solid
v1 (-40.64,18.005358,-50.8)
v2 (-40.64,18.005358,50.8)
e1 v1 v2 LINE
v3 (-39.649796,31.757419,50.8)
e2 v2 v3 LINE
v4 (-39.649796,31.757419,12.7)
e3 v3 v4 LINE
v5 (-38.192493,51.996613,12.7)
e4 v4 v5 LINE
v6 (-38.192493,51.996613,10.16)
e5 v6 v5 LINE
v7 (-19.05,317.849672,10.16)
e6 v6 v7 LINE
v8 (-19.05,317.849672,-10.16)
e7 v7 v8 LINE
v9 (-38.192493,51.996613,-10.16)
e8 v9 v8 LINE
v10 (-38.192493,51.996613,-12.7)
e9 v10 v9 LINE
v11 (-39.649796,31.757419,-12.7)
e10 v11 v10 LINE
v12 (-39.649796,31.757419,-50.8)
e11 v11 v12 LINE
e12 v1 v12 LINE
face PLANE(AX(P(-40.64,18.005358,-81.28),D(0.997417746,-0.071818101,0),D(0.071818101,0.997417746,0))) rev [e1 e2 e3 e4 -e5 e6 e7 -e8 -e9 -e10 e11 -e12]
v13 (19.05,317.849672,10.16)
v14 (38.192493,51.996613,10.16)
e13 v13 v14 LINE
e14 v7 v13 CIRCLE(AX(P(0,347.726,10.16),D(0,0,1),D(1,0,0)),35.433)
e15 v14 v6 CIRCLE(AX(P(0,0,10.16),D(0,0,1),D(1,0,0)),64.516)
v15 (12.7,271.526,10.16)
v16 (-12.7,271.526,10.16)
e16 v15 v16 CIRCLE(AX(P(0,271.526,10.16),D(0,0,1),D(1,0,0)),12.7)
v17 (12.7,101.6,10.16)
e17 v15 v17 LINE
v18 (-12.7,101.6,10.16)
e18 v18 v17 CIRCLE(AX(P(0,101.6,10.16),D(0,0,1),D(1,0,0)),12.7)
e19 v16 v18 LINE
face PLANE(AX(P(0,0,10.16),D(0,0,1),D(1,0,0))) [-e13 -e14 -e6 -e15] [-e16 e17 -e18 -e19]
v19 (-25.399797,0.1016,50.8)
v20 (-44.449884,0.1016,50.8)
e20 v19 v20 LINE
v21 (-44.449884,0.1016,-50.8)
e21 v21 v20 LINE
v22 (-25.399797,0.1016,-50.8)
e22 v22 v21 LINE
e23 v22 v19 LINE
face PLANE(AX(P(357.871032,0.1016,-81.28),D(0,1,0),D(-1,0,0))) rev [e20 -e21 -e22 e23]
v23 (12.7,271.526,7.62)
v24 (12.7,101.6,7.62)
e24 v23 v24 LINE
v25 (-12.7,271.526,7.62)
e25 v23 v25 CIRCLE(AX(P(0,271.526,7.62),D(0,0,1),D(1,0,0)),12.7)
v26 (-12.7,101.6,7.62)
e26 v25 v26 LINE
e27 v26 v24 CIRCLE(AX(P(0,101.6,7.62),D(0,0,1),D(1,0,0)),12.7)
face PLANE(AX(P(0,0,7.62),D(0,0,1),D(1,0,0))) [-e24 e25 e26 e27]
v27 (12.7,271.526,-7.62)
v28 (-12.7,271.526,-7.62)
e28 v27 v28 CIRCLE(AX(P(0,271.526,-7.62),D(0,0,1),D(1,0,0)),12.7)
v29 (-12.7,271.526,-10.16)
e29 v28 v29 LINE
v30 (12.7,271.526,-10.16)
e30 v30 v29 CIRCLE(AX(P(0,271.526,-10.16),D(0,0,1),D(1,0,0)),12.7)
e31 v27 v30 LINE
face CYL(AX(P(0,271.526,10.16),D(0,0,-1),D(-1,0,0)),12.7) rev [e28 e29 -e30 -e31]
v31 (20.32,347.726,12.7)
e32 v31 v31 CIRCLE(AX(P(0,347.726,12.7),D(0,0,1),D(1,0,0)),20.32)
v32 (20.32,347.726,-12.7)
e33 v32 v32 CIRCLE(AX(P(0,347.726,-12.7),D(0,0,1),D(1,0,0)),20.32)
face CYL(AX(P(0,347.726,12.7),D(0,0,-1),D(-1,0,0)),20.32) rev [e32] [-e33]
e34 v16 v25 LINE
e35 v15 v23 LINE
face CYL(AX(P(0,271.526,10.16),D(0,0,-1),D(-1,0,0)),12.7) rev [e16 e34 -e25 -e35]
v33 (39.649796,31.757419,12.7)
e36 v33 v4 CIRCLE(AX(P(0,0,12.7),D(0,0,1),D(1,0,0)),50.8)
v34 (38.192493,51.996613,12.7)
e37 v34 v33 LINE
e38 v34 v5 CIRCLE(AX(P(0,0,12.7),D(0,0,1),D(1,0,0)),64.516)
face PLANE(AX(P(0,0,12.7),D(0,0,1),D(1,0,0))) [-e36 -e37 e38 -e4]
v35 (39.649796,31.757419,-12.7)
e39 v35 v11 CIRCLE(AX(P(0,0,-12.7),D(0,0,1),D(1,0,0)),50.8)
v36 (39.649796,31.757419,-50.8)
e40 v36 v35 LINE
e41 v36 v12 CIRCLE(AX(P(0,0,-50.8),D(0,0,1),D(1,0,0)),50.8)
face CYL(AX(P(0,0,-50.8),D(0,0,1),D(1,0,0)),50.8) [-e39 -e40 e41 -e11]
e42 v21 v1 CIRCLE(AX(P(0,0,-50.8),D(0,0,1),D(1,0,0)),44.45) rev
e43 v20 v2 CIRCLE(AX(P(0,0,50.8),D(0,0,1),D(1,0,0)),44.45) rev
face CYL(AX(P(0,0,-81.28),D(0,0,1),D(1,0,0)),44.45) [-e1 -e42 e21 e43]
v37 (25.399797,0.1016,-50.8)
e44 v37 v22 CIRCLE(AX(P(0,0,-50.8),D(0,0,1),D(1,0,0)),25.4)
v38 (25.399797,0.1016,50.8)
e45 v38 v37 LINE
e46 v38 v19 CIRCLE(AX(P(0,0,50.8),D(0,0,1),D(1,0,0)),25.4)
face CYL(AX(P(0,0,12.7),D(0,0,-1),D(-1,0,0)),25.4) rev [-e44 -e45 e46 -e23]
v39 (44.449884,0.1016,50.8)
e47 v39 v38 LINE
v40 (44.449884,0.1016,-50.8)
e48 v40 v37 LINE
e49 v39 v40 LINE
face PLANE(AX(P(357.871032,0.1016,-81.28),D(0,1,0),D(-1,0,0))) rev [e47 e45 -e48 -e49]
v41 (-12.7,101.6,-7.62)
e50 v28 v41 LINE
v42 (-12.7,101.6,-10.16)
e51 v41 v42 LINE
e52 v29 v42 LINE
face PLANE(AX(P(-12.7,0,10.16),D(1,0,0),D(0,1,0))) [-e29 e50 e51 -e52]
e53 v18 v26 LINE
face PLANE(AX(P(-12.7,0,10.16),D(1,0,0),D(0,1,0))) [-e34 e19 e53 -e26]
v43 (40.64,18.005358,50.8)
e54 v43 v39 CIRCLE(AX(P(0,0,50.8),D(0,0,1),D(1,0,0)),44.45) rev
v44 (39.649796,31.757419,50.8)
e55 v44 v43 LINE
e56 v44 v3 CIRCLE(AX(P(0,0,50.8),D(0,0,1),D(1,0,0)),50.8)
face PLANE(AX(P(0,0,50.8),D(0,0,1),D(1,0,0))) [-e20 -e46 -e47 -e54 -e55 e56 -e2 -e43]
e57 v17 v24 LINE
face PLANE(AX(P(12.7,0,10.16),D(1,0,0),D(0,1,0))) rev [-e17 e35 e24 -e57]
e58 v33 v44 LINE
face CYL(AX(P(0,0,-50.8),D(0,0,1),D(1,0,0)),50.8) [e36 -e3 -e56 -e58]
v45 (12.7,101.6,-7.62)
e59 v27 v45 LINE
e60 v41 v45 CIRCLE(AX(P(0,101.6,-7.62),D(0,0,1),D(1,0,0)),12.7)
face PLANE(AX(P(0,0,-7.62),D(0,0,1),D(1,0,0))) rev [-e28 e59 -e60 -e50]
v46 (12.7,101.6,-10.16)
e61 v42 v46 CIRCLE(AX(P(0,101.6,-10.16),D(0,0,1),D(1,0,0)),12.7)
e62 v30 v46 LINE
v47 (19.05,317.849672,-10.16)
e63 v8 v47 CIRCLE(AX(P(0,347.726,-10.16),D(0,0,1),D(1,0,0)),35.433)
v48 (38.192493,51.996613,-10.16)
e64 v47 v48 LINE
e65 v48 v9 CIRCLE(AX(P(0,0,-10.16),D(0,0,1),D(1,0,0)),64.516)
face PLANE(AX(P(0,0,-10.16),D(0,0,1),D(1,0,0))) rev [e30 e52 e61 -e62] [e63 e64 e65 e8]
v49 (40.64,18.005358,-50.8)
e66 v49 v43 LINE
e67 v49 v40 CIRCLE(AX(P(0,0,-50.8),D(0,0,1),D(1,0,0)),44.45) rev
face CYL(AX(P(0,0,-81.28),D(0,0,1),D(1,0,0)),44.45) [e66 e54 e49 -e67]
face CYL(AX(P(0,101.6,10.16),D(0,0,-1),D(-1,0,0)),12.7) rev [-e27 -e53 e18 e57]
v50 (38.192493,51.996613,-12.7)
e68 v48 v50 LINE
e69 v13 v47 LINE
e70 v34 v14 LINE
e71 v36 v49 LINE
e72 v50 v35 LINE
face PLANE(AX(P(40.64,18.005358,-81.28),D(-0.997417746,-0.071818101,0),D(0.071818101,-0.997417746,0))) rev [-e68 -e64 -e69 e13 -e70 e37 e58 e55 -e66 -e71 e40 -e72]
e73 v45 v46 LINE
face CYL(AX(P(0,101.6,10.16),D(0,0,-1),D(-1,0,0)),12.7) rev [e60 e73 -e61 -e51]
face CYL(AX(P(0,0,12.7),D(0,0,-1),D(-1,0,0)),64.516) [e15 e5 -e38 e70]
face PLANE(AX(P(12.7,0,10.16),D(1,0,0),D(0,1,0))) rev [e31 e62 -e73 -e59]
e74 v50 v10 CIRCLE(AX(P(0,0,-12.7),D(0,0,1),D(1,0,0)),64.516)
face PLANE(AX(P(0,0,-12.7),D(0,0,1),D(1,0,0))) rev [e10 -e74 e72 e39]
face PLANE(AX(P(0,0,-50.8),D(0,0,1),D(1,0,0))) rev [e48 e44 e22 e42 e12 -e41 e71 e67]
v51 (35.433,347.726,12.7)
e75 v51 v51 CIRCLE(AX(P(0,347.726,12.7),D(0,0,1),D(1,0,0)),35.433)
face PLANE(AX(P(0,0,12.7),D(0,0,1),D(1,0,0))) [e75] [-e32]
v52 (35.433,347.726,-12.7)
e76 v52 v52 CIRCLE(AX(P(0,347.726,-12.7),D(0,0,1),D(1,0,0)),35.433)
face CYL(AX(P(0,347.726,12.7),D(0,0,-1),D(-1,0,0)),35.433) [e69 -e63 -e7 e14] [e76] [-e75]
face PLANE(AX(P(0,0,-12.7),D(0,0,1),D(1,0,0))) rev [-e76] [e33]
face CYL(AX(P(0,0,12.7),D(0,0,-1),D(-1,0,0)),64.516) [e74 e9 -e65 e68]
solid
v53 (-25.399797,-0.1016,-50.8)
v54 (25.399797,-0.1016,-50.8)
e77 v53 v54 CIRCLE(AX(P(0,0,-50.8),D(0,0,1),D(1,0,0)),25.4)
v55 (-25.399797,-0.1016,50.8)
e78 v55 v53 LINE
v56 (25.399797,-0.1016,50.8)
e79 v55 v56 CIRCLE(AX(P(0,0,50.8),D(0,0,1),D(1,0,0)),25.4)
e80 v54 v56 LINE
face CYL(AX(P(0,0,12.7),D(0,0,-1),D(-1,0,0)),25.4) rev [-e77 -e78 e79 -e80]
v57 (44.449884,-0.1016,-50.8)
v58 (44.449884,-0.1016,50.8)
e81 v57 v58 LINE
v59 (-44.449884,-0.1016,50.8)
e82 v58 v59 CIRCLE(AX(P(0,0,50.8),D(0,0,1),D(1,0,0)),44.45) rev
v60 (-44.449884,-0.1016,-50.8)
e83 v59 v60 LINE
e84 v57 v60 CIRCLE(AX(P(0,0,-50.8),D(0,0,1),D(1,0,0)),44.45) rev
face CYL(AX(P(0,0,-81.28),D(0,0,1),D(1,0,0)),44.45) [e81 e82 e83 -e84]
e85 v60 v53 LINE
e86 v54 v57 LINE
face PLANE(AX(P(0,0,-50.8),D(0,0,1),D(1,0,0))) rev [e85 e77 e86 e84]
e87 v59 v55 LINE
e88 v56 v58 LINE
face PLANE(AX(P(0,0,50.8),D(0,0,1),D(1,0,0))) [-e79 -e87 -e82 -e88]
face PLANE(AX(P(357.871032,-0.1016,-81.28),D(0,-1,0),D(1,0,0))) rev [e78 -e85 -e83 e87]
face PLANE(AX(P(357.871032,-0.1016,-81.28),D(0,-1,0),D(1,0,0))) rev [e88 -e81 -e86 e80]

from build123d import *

# Parameters (mm, degrees)
SKETCH1_R                = 35.433
SKETCH1_R_2              = 20.32
BOSS_EXTRUDE1_DEPTH      = 12.7
SKETCH1_R_3              = 64.516
SKETCH1_R_4              = 25.4
BOSS_EXTRUDE1_2_DEPTH    = 12.7
BOSS_EXTRUDE2_DEPTH      = 10.16
BOSS_EXTRUDE3_DEPTH      = 7.62
BOSS_EXTRUDE4_DEPTH      = 38.1
BOSS_EXTRUDE4_DEPTH_BACK = 63.5
SKETCH2_R                = 50.8
SKETCH2_R_2              = 25.4
CUT_EXTRUDE1_DEPTH       = 81.28
SKETCH4_W                = 436.529729861
SKETCH4_H                = 0.2032
CUT_EXTRUDE2_DEPTH       = 81.28


with BuildPart() as part:
    # Sketch1 → Boss-Extrude1 (new, symmetric)
    with BuildSketch(Plane.XY):
        with Locations((0, 347.726)):
            Circle(SKETCH1_R)
        with Locations((0, 347.726)):
            Circle(SKETCH1_R_2, mode=Mode.SUBTRACT)
    extrude(amount=BOSS_EXTRUDE1_DEPTH, both=True)



with BuildPart() as body_2:
    # Sketch1 → Boss-Extrude1 2 (new, symmetric)
    with BuildSketch(Plane.XY):
        Circle(SKETCH1_R_3)
        Circle(SKETCH1_R_4, mode=Mode.SUBTRACT)
    extrude(amount=BOSS_EXTRUDE1_2_DEPTH, both=True)


with BuildPart() as part_1:
    add(part.part)

    add(body_2.part)  # Boss-Extrude2 merges body 2
    # Sketch1<3> → Boss-Extrude2 (add, symmetric)
    with BuildSketch(Plane.XY):
        with BuildLine():
            ThreePointArc((19.05, 317.849671762), (0, 312.293), (-19.05, 317.849671762))
            Line((-19.05, 317.849671762), (-41.91, 49.049629519))
            ThreePointArc((-41.91, 49.049629519), (0, 64.516), (41.91, 49.049629519))
            Line((41.91, 49.049629519), (19.05, 317.849671762))
        make_face()
        with BuildLine():
            ThreePointArc((-12.7, 271.526), (0, 284.226), (12.7, 271.526))
            Line((12.7, 271.526), (12.7, 101.6))
            ThreePointArc((12.7, 101.6), (0, 88.9), (-12.7, 101.6))
            Line((-12.7, 101.6), (-12.7, 271.526))
        make_face(mode=Mode.SUBTRACT)
    extrude(amount=BOSS_EXTRUDE2_DEPTH, both=True)

    # Sketch1<4> → Boss-Extrude3 (add, symmetric)
    with BuildSketch(Plane.XY):
        with BuildLine():
            Line((-12.7, 271.526), (-12.7, 101.6))
            ThreePointArc((-12.7, 101.6), (0, 88.9), (12.7, 101.6))
            Line((12.7, 101.6), (12.7, 271.526))
            ThreePointArc((12.7, 271.526), (0, 284.226), (-12.7, 271.526))
        make_face()
    extrude(amount=BOSS_EXTRUDE3_DEPTH, both=True)

    # Sketch2 → Boss-Extrude4 (add, two sides: drawn at the far end of the back side and taken through both)
    with BuildSketch(Plane.XY.offset(12.7).offset(-BOSS_EXTRUDE4_DEPTH_BACK)):
        Circle(SKETCH2_R)
        Circle(SKETCH2_R_2, mode=Mode.SUBTRACT)
    extrude(amount=BOSS_EXTRUDE4_DEPTH + BOSS_EXTRUDE4_DEPTH_BACK)

    # Sketch3 → Cut-Extrude1 (cut, symmetric)
    with BuildSketch(Plane.XY):
        with BuildLine():
            Line((-19.05, 317.849671762), (-70.876957171, 53.662528287))
            ThreePointArc((-70.876957171, 53.662528287), (0, -88.9), (70.876957171, 53.662528287))
            Line((70.876957171, 53.662528287), (19.05, 317.849671762))
            Line((19.05, 317.849671762), (40.64, 18.005357536))
            ThreePointArc((40.64, 18.005357536), (0, -44.45), (-40.64, 18.005357536))
            Line((-40.64, 18.005357536), (-19.05, 317.849671762))
        make_face()
    extrude(amount=CUT_EXTRUDE1_DEPTH, both=True, mode=Mode.SUBTRACT)

    # Sketch4 → Cut-Extrude2 (cut, symmetric)
    with BuildSketch(Plane.XY):
        with Locations((139.606166591, 0)):
            Rectangle(SKETCH4_W, SKETCH4_H)
    extrude(amount=CUT_EXTRUDE2_DEPTH, both=True, mode=Mode.SUBTRACT)


with BuildPart() as cut_extrude2_piece_1:
    # of the separate pieces the step leaves, piece 1, a body of its own (cut_extrude2_pieces)
    add(part_1.part.solids().sort_by_distance((38.192492502, 51.996613087, -12.7))[0])


with BuildPart() as cut_extrude2_piece_2:
    # of the separate pieces the step leaves, piece 2, a body of its own (cut_extrude2_pieces)
    add(part_1.part.solids().sort_by_distance((-44.449883886, -0.1016, -50.8))[0])


solid = Compound([cut_extrude2_piece_1.part, cut_extrude2_piece_2.part])
